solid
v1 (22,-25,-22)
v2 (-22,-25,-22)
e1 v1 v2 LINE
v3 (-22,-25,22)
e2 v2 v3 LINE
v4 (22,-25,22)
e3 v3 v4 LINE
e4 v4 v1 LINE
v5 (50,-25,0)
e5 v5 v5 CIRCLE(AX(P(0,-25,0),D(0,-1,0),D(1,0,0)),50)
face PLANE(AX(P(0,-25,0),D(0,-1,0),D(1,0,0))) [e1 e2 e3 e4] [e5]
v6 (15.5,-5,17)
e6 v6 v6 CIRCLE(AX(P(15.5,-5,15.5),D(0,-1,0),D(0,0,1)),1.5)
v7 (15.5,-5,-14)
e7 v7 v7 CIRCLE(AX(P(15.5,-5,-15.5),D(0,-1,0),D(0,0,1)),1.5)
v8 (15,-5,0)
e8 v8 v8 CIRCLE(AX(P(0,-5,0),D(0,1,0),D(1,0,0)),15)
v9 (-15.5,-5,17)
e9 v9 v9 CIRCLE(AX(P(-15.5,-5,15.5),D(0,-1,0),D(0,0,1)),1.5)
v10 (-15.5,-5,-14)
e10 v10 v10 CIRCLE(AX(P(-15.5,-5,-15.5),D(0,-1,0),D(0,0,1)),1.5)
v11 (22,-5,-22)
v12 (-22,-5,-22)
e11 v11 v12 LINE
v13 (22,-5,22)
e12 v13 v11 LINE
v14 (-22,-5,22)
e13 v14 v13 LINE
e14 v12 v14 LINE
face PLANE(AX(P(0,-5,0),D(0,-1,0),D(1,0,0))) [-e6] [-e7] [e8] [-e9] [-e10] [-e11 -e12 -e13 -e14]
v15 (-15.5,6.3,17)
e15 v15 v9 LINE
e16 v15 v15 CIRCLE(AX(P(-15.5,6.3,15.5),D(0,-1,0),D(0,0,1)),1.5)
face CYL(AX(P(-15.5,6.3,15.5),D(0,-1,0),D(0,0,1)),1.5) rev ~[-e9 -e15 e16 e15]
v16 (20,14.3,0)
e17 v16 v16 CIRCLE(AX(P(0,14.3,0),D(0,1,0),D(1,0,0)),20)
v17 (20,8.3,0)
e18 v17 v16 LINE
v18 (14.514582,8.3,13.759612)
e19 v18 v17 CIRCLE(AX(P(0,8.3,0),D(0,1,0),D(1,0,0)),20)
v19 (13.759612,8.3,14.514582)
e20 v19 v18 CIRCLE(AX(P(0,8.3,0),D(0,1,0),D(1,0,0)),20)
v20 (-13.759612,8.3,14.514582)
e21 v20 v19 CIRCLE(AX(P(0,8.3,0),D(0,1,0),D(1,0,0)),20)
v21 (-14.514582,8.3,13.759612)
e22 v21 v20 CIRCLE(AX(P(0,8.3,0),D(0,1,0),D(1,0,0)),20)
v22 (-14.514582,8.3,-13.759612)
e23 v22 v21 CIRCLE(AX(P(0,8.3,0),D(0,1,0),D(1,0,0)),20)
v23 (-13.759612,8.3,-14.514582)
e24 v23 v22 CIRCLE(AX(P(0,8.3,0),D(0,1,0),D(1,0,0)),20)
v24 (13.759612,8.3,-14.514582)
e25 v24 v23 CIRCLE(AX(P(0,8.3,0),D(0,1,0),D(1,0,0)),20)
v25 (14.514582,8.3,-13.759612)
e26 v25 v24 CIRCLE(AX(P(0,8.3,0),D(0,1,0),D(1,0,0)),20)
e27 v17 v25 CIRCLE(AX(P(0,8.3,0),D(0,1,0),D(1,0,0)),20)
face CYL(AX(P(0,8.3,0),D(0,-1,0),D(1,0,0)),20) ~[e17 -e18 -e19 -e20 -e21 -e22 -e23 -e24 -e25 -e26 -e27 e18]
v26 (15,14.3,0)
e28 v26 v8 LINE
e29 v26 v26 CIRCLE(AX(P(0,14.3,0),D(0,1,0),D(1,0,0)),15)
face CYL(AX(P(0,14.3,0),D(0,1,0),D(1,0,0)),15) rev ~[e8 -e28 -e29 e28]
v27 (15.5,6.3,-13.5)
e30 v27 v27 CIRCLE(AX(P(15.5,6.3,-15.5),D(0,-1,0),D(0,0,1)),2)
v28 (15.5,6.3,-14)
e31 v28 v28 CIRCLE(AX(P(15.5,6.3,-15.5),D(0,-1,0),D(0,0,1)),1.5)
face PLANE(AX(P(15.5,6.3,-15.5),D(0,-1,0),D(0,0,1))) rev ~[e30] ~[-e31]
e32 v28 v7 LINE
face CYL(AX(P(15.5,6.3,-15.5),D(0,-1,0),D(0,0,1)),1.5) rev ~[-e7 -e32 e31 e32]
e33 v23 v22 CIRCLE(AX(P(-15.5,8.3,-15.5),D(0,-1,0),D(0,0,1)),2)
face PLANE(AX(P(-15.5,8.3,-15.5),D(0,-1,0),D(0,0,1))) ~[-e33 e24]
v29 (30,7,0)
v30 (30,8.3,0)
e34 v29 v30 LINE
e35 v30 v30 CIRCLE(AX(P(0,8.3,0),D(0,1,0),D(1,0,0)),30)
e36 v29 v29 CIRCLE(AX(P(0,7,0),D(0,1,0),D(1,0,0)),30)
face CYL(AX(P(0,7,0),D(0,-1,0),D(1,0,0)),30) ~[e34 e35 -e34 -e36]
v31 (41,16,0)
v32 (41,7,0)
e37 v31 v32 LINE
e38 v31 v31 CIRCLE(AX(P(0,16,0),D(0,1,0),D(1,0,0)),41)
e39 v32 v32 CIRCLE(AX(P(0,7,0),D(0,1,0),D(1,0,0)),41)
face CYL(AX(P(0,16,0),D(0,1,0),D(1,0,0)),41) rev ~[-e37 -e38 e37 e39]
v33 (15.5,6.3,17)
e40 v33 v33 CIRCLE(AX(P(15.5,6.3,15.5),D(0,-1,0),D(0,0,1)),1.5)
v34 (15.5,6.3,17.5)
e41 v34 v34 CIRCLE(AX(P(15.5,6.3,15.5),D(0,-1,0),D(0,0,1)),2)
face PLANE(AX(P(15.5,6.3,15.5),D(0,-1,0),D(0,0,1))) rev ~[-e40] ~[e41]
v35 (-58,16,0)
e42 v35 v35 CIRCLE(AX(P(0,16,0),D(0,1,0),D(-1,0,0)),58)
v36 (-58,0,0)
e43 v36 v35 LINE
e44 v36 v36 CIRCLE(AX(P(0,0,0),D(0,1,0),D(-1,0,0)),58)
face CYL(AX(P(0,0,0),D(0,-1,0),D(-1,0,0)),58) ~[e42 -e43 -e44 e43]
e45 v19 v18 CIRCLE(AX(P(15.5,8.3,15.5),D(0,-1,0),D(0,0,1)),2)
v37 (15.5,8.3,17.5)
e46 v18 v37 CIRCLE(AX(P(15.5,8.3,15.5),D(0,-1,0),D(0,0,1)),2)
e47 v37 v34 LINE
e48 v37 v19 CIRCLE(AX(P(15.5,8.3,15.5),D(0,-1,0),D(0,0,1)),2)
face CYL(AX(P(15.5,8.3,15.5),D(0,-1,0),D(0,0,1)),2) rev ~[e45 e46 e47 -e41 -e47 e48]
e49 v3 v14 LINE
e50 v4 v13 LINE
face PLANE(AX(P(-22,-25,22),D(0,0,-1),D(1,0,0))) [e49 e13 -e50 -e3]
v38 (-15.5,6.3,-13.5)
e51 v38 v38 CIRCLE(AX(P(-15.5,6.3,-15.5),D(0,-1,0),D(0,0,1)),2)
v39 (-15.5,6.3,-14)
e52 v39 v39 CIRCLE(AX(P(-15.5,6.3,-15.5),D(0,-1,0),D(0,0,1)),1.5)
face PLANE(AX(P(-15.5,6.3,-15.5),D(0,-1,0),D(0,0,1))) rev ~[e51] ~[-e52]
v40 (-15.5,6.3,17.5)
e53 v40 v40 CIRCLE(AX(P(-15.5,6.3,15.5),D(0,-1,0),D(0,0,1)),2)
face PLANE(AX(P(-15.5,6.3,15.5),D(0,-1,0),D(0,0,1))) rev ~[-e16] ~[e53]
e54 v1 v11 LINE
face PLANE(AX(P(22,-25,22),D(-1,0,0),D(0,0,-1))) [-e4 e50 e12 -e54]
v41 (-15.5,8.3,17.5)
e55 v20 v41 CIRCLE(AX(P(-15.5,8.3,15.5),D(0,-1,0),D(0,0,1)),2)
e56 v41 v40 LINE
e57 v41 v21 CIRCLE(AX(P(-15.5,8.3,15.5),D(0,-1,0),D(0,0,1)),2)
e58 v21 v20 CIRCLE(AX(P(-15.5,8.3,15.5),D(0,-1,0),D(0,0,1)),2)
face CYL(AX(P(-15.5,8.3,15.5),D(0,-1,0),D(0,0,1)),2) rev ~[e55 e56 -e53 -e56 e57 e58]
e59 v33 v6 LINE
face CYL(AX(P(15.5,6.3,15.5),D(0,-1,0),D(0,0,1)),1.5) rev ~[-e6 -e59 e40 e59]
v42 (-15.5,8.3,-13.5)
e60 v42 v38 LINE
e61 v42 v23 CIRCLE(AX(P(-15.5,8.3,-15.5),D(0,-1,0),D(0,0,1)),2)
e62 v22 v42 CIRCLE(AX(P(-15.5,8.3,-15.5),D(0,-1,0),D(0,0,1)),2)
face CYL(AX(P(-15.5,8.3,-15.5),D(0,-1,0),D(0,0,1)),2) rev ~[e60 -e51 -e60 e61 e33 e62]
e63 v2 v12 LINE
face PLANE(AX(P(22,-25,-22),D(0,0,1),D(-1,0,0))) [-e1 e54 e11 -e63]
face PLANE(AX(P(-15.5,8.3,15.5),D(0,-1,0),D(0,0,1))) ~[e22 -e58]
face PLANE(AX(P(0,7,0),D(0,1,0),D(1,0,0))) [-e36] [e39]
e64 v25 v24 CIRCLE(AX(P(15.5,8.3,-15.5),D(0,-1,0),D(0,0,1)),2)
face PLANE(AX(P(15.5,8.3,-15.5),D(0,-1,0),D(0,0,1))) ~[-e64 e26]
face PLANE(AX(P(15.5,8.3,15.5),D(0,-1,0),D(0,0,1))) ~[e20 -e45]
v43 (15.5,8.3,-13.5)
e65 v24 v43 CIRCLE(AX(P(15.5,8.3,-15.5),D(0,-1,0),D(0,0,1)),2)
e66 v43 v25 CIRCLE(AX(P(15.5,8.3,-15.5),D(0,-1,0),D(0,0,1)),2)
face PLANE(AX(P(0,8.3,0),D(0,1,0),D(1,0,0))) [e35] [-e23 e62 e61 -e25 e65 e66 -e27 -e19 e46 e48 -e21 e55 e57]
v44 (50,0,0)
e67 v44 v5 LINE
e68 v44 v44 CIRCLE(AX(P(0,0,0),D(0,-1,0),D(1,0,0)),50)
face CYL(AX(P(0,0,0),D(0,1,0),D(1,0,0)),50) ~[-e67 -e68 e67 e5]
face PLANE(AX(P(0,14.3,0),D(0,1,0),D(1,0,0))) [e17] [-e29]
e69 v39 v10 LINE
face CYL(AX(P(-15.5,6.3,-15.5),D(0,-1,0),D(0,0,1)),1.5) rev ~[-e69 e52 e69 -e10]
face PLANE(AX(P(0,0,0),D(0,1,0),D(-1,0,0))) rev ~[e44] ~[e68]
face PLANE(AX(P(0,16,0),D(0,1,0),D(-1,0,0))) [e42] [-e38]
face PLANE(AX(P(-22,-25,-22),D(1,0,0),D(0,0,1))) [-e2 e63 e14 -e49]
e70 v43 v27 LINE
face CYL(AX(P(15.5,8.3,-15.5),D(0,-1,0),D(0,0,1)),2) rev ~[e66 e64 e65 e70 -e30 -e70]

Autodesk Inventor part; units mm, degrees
ref_plane "YZ Plane" through (0, 0, 0) normal (1, 0, 0) x (0, 1, 0)
ref_plane "XZ Plane" through (0, 0, 0) normal (0, 1, 0) x (-1, 0, 0)
ref_plane "XY Plane" through (0, 0, 0) normal (0, 0, 1) x (1, 0, 0)
sketch "Sketch1" plane through (0, 0, 0) normal (0, 1, 0) x (-1, 0, 0)
  circle A0 centre (0, 0) radius 58
  dimension "d0" = 116
extrude "Extrusion1" add sketch "Sketch1" along normal blind 16
sketch "Sketch2" plane through (0, 16, 0) normal (0, 1, 0) x (1, 0, 0)
  circle A0 centre (0, 0) radius 41
  dimension "d3" = 82
extrude "Extrusion2" cut sketch "Sketch2" against normal blind 9
sketch "Sketch3" plane through (0, 0, 0) normal (0, -1, 0) x (1, 0, 0)
  circle A0 centre (0, 0) radius 50
  dimension "d6" = 100
extrude "Extrusion3" add sketch "Sketch3" along normal blind 25
sketch "Sketch4" plane through (0, 7, 0) normal (0, 1, 0) x (1, 0, 0)
  circle A0 centre (0, 0) radius 30
  dimension "d9" = 60
extrude "Extrusion4" add sketch "Sketch4" along normal blind 1.3
sketch "Sketch6" plane through (0, 8.3, 0) normal (0, 1, 0) x (1, 0, 0)
  circle A0 centre (0, 0) radius 20
  dimension "d12" = 40
extrude "Extrusion5" add sketch "Sketch6" along normal blind 6
sketch "Sketch7" plane through (0, 14.3, 0) normal (0, 1, 0) x (1, 0, 0)
  circle A0 centre (0, 0) radius 15
  dimension "d15" = 30
extrude "Extrusion6" cut sketch "Sketch7" against normal blind 50
sketch "Sketch8" plane through (0, -25, 0) normal (0, -1, 0) x (1, 0, 0)
  line L0 (-22, 22) -> (22, 22)
  line L1 (22, 22) -> (22, -22)
  line L2 (22, -22) -> (-22, -22)
  line L3 (-22, -22) -> (-22, 22)
  circle A0 centre (0, 0) radius 20 projected
  point P0 (-15.5, 15.5)
  point P1 (15.5, 15.5)
  point P2 (15.5, -15.5)
  point P3 (-15.5, -15.3905)
  dimension "d34" = 22
  dimension "d35" = 22
  dimension "d36" = 22
  dimension "d37" = 22
extrude "Extrusion7" cut sketch "Sketch8" against normal blind 20 contours L0 L1 L2 L3 | A0
sketch "Sketch12" plane through (0, 8.3, 0) normal (0, 1, 0) x (1, 0, 0)
  point P0 (0, 0)
  point P1 (-15.5, 15.5)
  point P2 (15.5, 15.5)
  point P3 (15.5, -15.5)
  point P4 (-15.5, -15.5)
  dimension "d72" = 31
  dimension "d73" = 31
  dimension "d74" = 31
  dimension "d75" = 31
  dimension "d76" = 15.5
  dimension "d77" = 15.5
  dimension "d85" = 15.5
hole "Hole5" at (-15.5, 8.3, -15.5) at (15.5, 8.3, -15.5) at (15.5, 8.3, 15.5) at (-15.5, 8.3, 15.5) direction (0, -1, 0) diameter 3 end through all counterbore diameter 4 counterbore depth 2
